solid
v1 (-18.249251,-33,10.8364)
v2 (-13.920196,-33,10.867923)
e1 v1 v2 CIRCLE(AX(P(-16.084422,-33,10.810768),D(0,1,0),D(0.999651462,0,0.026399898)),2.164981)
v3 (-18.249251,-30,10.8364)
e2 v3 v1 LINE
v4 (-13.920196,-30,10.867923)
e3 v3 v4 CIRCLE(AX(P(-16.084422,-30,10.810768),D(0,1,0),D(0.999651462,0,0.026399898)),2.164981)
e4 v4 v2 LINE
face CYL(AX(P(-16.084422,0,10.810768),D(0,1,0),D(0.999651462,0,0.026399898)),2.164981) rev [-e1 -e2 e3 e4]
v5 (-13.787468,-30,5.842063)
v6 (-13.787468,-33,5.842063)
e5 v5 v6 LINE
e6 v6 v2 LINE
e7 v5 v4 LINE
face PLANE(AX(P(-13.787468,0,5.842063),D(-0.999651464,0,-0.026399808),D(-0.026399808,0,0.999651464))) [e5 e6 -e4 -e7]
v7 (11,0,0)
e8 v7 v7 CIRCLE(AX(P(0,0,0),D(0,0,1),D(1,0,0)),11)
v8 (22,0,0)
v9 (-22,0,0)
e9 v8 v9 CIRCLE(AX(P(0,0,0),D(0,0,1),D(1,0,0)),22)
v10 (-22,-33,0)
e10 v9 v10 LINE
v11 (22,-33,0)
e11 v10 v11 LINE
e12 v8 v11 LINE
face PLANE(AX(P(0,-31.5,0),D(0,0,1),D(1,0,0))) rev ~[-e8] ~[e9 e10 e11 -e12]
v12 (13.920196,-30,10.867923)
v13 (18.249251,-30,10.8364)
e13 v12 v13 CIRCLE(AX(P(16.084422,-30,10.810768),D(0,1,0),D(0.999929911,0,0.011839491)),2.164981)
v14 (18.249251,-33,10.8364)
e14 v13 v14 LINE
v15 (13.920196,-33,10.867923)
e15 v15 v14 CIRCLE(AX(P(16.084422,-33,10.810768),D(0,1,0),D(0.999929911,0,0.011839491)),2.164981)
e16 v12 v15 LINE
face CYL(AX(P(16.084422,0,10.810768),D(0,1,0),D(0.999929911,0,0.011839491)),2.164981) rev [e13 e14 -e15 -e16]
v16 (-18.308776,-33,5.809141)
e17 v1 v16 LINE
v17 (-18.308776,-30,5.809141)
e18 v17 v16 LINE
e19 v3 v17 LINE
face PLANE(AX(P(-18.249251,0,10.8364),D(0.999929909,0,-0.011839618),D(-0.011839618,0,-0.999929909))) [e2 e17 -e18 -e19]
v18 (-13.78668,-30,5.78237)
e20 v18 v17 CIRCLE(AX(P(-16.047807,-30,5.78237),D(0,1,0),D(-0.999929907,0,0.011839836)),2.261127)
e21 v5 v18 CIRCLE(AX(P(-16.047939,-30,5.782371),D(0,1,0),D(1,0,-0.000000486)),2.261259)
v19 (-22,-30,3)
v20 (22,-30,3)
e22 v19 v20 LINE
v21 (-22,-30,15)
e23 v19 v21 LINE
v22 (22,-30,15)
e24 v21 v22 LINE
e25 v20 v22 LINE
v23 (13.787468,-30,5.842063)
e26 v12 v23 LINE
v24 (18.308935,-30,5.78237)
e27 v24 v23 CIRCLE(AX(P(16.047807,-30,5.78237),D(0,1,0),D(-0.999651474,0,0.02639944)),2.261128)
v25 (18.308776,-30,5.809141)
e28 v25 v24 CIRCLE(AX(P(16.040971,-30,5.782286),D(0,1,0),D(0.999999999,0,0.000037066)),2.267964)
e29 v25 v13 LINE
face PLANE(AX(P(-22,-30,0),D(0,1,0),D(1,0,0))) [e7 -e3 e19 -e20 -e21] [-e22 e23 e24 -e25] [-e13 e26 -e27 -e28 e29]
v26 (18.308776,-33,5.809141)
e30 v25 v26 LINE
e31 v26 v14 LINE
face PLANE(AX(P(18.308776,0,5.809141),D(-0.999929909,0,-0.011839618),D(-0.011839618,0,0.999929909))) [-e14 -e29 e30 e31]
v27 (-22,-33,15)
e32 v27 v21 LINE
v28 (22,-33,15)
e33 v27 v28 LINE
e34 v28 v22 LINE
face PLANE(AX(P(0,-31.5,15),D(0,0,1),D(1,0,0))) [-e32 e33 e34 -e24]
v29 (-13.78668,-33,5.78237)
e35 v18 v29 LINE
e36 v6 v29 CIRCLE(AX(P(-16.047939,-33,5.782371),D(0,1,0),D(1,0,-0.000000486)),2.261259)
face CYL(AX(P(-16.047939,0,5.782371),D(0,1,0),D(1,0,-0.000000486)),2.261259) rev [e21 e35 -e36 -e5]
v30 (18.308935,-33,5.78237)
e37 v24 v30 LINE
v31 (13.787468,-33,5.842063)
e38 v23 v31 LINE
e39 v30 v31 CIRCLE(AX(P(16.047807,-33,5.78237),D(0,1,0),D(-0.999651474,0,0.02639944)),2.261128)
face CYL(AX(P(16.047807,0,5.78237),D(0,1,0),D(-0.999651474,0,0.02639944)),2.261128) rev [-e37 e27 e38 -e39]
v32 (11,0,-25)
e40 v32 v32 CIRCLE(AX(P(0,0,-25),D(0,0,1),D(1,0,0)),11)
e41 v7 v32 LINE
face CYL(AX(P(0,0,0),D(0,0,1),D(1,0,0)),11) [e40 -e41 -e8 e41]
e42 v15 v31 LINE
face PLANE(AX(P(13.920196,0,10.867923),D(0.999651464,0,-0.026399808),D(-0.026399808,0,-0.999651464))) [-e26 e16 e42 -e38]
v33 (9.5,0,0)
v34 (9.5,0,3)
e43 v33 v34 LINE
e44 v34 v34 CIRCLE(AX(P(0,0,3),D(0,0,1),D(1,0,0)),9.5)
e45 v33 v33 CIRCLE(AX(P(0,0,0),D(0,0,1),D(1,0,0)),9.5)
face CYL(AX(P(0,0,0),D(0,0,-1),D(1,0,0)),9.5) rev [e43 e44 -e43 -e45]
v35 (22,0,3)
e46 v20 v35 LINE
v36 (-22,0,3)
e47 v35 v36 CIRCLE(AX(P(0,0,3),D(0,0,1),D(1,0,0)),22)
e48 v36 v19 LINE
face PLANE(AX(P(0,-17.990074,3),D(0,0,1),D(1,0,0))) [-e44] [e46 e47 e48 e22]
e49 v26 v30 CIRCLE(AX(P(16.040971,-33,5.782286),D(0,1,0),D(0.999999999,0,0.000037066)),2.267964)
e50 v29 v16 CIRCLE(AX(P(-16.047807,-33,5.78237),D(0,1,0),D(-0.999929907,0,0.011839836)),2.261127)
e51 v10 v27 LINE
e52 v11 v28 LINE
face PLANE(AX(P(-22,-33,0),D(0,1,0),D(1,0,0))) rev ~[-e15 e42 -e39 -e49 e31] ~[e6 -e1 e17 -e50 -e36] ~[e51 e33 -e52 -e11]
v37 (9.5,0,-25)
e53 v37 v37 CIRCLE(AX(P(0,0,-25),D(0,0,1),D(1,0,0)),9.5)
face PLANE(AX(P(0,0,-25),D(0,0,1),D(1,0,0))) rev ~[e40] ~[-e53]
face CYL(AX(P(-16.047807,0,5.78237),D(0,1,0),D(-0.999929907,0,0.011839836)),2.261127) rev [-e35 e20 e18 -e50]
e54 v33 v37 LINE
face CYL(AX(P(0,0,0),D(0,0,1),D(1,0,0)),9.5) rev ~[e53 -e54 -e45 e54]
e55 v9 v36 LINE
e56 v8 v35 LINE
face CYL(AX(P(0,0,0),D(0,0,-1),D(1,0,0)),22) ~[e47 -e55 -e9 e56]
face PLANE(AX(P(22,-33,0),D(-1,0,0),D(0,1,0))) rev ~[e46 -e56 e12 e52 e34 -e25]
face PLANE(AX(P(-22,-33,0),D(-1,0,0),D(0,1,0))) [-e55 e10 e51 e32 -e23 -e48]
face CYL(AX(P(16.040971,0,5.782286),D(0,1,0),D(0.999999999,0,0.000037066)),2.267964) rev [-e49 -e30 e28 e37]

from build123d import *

# Parameters (mm, degrees)
F0_R     = 11
F0_R_2   = 9.5
F1_DEPTH = 3
F0_W     = 44
F0_H     = 3
F2_DEPTH = 15
F3_DEPTH = 25
F5_DEPTH = 50


with BuildPart() as f1:
    # F0 (on Top) → F1 (new body)
    with BuildSketch(Plane.XY):
        with BuildLine():
            Line((22, -30), (22, 0))
            ThreePointArc((22, 0), (0, -22), (-22, 0))
            Line((-22, 0), (-22, -30))
            Line((-22, -30), (22, -30))
        make_face()
        with BuildLine():
            ThreePointArc((-22, 0), (0, -22), (22, 0))
            ThreePointArc((22, 0), (0, 22), (-22, 0))
        make_face()
        Circle(F0_R, mode=Mode.SUBTRACT)
        Circle(F0_R)
        Circle(F0_R_2, mode=Mode.SUBTRACT)
    extrude(amount=F1_DEPTH)

    # F0 (on Top) → F2 (join)
    with BuildSketch(Plane.XY):
        with Locations((0, -31.5)):
            Rectangle(F0_W, F0_H)
    extrude(amount=F2_DEPTH)

    # F0 (on Top) → F3 (join)
    with BuildSketch(Plane.XY):
        Circle(F0_R)
        Circle(F0_R_2, mode=Mode.SUBTRACT)
    extrude(amount=-F3_DEPTH)

    # F4 (on Front) → F5 (cut)
    with BuildSketch(Plane.XZ):
        with BuildLine():
            ThreePointArc((-18.249251, 10.8364), (-16.097239, 8.645825), (-13.919441, 10.810768))
            ThreePointArc((-13.919441, 10.810768), (-13.91963, 10.839348), (-13.920196, 10.867923))
            ThreePointArc((-13.920196, 10.867923), (-16.100186, 12.975691), (-18.249251, 10.8364))
        make_face()
        with BuildLine():
            ThreePointArc((-13.920196, 10.867923), (-13.91963, 10.839348), (-13.919441, 10.810768))
            ThreePointArc((-13.919441, 10.810768), (-16.097239, 8.645825), (-18.249251, 10.8364))
            Line((-18.249251, 10.8364), (-18.308776, 5.809141))
            ThreePointArc((-18.308776, 5.809141), (-16.064272, 8.043438), (-13.787468, 5.842063))
            Line((-13.787468, 5.842063), (-13.920196, 10.867923))
        make_face()
        with BuildLine():
            ThreePointArc((-13.78668, 5.78237), (-13.786877, 5.812219), (-13.787468, 5.842063))
            ThreePointArc((-13.787468, 5.842063), (-16.064272, 8.043438), (-18.308776, 5.809141))
            ThreePointArc((-18.308776, 5.809141), (-16.061193, 3.521282), (-13.78668, 5.78237))
        make_face()
        with BuildLine():
            ThreePointArc((18.249403, 10.810768), (16.055842, 8.645976), (13.920196, 10.867923))
            Line((13.920196, 10.867923), (13.787468, 5.842063))
            ThreePointArc((13.787468, 5.842063), (16.064272, 8.043438), (18.308776, 5.809141))
            Line((18.308776, 5.809141), (18.249251, 10.8364))
            ThreePointArc((18.249251, 10.8364), (18.249365, 10.823584), (18.249403, 10.810768))
        make_face()
        with BuildLine():
            ThreePointArc((18.249251, 10.8364), (16.100186, 12.975691), (13.920196, 10.867923))
            ThreePointArc((13.920196, 10.867923), (16.055842, 8.645976), (18.249403, 10.810768))
            ThreePointArc((18.249403, 10.810768), (18.249365, 10.823584), (18.249251, 10.8364))
        make_face()
        with BuildLine():
            ThreePointArc((18.308776, 5.809141), (16.064272, 8.043438), (13.787468, 5.842063))
            ThreePointArc((13.787468, 5.842063), (16.017958, 3.52144), (18.308935, 5.78237))
            ThreePointArc((18.308935, 5.78237), (18.308895, 5.795756), (18.308776, 5.809141))
        make_face()
    extrude(amount=F5_DEPTH, mode=Mode.SUBTRACT)


solid = f1.part
